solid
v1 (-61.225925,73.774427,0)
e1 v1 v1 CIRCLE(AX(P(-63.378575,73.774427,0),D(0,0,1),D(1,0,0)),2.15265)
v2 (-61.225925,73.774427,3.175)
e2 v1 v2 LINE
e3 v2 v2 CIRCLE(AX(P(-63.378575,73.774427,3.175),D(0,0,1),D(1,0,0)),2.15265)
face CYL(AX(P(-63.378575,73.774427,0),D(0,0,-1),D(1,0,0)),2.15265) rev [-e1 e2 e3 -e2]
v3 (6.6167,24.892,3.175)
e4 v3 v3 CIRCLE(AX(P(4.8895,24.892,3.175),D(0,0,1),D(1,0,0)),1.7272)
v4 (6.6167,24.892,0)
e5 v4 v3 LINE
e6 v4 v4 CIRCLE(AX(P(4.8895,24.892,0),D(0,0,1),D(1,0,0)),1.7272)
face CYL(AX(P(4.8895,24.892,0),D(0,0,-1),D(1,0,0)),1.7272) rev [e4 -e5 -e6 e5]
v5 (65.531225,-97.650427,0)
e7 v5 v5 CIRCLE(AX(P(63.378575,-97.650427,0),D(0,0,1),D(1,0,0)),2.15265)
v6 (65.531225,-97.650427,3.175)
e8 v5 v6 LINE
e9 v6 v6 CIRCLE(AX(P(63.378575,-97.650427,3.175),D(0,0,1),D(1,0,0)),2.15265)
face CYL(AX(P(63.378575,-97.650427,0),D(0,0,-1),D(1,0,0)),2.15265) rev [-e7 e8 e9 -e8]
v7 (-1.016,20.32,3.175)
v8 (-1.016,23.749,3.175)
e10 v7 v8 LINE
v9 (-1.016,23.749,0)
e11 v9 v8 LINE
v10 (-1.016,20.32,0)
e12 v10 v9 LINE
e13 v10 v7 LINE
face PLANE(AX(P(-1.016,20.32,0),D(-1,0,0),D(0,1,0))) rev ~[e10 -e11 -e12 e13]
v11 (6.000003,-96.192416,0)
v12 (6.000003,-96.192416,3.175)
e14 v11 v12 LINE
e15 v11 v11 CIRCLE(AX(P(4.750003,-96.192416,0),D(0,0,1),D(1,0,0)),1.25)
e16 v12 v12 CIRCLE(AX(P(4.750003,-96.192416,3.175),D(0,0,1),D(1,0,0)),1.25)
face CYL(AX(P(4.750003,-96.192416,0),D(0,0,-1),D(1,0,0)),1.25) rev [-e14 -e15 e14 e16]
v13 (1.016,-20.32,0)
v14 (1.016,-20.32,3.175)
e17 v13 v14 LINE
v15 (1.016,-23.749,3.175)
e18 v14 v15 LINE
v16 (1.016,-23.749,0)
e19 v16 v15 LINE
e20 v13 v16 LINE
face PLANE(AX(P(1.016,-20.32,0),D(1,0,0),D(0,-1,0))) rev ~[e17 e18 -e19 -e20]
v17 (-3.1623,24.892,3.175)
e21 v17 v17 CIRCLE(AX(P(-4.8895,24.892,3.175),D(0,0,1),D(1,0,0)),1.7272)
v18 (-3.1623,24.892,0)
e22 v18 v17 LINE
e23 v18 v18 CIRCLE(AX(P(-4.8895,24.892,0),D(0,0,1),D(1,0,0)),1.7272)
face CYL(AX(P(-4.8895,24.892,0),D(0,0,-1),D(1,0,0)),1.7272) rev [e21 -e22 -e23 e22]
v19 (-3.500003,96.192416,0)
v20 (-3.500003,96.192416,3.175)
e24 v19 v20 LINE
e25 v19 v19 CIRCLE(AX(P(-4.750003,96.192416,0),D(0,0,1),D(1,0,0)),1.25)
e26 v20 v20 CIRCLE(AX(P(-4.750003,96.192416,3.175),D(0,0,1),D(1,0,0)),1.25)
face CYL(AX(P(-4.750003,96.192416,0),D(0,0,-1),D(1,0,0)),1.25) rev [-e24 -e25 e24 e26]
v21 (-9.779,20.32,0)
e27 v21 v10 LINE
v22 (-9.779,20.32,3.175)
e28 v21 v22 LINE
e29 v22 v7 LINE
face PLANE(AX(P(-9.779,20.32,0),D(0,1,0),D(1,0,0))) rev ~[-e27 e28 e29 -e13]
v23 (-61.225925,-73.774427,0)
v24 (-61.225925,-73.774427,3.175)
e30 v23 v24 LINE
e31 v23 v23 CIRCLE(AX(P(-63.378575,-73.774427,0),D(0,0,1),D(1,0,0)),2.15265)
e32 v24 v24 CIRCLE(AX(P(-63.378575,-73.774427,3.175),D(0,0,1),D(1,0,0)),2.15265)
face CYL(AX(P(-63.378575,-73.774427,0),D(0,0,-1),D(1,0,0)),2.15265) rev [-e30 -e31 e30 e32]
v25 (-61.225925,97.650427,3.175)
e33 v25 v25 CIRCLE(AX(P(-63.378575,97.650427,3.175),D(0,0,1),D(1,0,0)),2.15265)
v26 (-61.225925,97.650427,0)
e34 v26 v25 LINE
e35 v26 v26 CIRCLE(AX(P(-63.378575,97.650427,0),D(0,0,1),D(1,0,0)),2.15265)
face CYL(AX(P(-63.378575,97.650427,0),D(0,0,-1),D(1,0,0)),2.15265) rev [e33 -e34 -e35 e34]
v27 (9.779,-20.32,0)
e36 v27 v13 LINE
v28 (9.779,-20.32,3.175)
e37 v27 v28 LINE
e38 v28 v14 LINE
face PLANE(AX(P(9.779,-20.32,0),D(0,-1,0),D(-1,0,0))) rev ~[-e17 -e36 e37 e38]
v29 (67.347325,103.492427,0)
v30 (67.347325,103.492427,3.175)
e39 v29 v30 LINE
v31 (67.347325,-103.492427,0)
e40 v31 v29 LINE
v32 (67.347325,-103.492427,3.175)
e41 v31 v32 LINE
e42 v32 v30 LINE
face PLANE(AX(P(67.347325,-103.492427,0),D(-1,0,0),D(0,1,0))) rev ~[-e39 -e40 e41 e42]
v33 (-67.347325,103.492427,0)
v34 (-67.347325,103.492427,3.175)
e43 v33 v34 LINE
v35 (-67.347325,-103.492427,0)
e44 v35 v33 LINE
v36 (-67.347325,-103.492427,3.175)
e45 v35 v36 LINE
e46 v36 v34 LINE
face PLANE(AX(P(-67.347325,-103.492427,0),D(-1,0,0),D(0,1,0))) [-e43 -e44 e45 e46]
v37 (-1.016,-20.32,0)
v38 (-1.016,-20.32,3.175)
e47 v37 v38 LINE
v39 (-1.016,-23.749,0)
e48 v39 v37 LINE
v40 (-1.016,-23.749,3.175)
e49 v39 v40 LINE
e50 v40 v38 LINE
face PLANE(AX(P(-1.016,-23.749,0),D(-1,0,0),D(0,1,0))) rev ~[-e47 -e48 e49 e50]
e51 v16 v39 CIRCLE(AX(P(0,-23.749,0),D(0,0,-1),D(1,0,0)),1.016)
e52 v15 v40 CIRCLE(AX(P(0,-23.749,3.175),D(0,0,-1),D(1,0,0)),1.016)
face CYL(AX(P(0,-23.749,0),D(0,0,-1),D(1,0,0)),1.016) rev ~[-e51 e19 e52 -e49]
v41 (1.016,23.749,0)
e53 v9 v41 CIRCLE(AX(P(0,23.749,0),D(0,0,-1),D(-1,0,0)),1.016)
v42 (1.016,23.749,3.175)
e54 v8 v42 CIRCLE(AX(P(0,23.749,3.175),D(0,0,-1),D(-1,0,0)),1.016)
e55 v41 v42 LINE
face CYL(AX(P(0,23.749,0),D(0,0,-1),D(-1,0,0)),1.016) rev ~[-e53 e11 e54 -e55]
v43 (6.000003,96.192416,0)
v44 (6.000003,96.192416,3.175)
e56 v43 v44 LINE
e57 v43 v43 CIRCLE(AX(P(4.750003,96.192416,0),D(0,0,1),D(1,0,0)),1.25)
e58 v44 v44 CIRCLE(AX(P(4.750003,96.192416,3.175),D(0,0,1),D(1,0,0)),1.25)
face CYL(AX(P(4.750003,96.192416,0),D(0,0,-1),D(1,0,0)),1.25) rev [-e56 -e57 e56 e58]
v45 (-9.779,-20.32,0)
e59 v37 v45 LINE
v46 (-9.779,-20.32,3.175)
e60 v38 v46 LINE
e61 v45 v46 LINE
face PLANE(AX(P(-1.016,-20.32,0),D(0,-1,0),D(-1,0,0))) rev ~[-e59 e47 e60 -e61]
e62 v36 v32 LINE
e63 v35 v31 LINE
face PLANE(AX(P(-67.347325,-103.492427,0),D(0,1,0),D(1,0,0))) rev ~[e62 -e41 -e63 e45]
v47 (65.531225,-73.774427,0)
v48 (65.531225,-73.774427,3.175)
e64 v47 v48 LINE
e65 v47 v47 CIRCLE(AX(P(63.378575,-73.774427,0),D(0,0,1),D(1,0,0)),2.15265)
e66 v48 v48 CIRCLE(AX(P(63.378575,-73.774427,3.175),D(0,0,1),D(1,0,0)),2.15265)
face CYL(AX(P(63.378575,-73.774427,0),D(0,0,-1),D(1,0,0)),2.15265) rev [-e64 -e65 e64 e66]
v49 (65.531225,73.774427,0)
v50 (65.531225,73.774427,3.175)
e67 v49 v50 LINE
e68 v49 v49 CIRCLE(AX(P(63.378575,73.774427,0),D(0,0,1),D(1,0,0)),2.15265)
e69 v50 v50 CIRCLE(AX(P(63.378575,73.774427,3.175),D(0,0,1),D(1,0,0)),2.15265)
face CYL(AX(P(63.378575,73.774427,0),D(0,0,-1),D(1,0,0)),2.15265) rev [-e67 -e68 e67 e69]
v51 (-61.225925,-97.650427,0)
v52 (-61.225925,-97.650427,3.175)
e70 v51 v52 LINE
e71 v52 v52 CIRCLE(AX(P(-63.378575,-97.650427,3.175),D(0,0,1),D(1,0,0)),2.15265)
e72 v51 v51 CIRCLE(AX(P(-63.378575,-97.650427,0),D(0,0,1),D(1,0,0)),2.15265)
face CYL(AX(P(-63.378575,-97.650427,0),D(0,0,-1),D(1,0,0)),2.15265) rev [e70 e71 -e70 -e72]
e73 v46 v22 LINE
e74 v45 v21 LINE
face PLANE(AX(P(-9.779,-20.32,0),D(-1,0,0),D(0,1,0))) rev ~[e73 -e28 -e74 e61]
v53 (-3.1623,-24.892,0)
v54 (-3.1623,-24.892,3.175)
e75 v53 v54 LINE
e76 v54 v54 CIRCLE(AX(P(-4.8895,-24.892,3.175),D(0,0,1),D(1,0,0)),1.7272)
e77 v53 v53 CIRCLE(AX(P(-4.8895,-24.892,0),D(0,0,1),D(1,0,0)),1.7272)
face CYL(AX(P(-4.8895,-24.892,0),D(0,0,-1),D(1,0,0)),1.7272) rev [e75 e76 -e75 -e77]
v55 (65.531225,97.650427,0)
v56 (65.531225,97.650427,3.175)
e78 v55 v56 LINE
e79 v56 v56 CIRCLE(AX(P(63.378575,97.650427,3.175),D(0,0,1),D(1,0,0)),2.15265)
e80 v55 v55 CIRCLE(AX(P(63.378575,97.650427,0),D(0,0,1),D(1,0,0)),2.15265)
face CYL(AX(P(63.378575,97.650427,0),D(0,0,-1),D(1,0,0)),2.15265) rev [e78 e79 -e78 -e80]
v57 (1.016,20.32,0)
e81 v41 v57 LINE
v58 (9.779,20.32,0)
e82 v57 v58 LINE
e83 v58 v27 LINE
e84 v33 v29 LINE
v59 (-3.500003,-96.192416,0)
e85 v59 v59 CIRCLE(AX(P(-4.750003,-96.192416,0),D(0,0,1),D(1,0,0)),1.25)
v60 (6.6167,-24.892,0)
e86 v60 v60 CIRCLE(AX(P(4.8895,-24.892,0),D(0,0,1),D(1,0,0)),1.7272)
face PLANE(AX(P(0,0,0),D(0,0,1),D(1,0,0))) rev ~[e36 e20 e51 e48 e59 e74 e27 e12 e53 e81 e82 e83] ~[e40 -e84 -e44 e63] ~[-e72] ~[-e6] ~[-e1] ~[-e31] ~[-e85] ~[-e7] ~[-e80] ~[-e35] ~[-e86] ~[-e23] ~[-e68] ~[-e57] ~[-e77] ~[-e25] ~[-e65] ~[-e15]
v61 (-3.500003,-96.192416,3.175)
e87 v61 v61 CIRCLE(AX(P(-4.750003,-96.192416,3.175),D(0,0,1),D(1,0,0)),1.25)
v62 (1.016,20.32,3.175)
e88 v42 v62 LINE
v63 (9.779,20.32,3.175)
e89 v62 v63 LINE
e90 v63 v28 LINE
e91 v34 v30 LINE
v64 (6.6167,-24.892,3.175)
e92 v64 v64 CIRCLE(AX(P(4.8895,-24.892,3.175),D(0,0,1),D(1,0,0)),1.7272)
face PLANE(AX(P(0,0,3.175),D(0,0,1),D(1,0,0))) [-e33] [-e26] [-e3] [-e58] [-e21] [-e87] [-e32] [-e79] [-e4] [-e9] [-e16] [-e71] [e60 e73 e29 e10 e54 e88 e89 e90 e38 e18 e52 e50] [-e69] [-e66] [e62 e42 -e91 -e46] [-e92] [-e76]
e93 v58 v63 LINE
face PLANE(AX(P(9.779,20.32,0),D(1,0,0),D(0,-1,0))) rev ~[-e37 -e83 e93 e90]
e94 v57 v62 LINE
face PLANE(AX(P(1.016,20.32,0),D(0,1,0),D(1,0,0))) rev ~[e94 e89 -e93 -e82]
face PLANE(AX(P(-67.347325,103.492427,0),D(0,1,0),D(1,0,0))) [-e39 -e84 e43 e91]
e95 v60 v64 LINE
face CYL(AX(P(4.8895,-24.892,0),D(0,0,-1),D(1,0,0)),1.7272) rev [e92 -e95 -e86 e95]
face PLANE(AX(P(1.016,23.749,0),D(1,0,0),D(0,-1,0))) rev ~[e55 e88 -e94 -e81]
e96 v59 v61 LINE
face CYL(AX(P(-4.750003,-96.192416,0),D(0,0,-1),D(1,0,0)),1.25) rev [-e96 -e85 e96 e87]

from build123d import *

# Parameters (mm, degrees)
F0_W     = 134.69465
F0_H     = 206.984854
F0_R     = 2.15265
F0_R_2   = 1.25
F0_R_3   = 1.7272
F1_DEPTH = 3.175


with BuildPart() as f1:
    # F0 (on Top) → F1 (new body)
    with BuildSketch(Plane.XY):
        Rectangle(F0_W, F0_H)
        with Locations((-63.378575, -97.650427)):
            Circle(F0_R, mode=Mode.SUBTRACT)
        with Locations((-63.378575, -73.774427)):
            Circle(F0_R, mode=Mode.SUBTRACT)
        with Locations((-4.750003, -96.192416)):
            Circle(F0_R_2, mode=Mode.SUBTRACT)
        with Locations((-4.8895, -24.892)):
            Circle(F0_R_3, mode=Mode.SUBTRACT)
        with Locations((4.750003, -96.192416)):
            Circle(F0_R_2, mode=Mode.SUBTRACT)
        with Locations((63.378575, -97.650427)):
            Circle(F0_R, mode=Mode.SUBTRACT)
        with Locations((63.378575, -73.774427)):
            Circle(F0_R, mode=Mode.SUBTRACT)
        with Locations((4.8895, -24.892)):
            Circle(F0_R_3, mode=Mode.SUBTRACT)
        with BuildLine():
            Line((-1.016, -20.32), (-9.779, -20.32))
            Line((-9.779, -20.32), (-9.779, 20.32))
            Line((-9.779, 20.32), (-1.016, 20.32))
            Line((-1.016, 20.32), (-1.016, 23.749))
            ThreePointArc((-1.016, 23.749), (0, 24.765), (1.016, 23.749))
            Line((1.016, 23.749), (1.016, 20.32))
            Line((1.016, 20.32), (9.779, 20.32))
            Line((9.779, 20.32), (9.779, -20.32))
            Line((9.779, -20.32), (1.016, -20.32))
            Line((1.016, -20.32), (1.016, -23.749))
            ThreePointArc((1.016, -23.749), (0, -24.765), (-1.016, -23.749))
            Line((-1.016, -23.749), (-1.016, -20.32))
        make_face(mode=Mode.SUBTRACT)
        with Locations((-4.8895, 24.892)):
            Circle(F0_R_3, mode=Mode.SUBTRACT)
        with Locations((-63.378575, 73.774427)):
            Circle(F0_R, mode=Mode.SUBTRACT)
        with Locations((-63.378575, 97.650427)):
            Circle(F0_R, mode=Mode.SUBTRACT)
        with Locations((-4.750003, 96.192416)):
            Circle(F0_R_2, mode=Mode.SUBTRACT)
        with Locations((4.8895, 24.892)):
            Circle(F0_R_3, mode=Mode.SUBTRACT)
        with Locations((4.750003, 96.192416)):
            Circle(F0_R_2, mode=Mode.SUBTRACT)
        with Locations((63.378575, 73.774427)):
            Circle(F0_R, mode=Mode.SUBTRACT)
        with Locations((63.378575, 97.650427)):
            Circle(F0_R, mode=Mode.SUBTRACT)
    extrude(amount=F1_DEPTH)


solid = f1.part
